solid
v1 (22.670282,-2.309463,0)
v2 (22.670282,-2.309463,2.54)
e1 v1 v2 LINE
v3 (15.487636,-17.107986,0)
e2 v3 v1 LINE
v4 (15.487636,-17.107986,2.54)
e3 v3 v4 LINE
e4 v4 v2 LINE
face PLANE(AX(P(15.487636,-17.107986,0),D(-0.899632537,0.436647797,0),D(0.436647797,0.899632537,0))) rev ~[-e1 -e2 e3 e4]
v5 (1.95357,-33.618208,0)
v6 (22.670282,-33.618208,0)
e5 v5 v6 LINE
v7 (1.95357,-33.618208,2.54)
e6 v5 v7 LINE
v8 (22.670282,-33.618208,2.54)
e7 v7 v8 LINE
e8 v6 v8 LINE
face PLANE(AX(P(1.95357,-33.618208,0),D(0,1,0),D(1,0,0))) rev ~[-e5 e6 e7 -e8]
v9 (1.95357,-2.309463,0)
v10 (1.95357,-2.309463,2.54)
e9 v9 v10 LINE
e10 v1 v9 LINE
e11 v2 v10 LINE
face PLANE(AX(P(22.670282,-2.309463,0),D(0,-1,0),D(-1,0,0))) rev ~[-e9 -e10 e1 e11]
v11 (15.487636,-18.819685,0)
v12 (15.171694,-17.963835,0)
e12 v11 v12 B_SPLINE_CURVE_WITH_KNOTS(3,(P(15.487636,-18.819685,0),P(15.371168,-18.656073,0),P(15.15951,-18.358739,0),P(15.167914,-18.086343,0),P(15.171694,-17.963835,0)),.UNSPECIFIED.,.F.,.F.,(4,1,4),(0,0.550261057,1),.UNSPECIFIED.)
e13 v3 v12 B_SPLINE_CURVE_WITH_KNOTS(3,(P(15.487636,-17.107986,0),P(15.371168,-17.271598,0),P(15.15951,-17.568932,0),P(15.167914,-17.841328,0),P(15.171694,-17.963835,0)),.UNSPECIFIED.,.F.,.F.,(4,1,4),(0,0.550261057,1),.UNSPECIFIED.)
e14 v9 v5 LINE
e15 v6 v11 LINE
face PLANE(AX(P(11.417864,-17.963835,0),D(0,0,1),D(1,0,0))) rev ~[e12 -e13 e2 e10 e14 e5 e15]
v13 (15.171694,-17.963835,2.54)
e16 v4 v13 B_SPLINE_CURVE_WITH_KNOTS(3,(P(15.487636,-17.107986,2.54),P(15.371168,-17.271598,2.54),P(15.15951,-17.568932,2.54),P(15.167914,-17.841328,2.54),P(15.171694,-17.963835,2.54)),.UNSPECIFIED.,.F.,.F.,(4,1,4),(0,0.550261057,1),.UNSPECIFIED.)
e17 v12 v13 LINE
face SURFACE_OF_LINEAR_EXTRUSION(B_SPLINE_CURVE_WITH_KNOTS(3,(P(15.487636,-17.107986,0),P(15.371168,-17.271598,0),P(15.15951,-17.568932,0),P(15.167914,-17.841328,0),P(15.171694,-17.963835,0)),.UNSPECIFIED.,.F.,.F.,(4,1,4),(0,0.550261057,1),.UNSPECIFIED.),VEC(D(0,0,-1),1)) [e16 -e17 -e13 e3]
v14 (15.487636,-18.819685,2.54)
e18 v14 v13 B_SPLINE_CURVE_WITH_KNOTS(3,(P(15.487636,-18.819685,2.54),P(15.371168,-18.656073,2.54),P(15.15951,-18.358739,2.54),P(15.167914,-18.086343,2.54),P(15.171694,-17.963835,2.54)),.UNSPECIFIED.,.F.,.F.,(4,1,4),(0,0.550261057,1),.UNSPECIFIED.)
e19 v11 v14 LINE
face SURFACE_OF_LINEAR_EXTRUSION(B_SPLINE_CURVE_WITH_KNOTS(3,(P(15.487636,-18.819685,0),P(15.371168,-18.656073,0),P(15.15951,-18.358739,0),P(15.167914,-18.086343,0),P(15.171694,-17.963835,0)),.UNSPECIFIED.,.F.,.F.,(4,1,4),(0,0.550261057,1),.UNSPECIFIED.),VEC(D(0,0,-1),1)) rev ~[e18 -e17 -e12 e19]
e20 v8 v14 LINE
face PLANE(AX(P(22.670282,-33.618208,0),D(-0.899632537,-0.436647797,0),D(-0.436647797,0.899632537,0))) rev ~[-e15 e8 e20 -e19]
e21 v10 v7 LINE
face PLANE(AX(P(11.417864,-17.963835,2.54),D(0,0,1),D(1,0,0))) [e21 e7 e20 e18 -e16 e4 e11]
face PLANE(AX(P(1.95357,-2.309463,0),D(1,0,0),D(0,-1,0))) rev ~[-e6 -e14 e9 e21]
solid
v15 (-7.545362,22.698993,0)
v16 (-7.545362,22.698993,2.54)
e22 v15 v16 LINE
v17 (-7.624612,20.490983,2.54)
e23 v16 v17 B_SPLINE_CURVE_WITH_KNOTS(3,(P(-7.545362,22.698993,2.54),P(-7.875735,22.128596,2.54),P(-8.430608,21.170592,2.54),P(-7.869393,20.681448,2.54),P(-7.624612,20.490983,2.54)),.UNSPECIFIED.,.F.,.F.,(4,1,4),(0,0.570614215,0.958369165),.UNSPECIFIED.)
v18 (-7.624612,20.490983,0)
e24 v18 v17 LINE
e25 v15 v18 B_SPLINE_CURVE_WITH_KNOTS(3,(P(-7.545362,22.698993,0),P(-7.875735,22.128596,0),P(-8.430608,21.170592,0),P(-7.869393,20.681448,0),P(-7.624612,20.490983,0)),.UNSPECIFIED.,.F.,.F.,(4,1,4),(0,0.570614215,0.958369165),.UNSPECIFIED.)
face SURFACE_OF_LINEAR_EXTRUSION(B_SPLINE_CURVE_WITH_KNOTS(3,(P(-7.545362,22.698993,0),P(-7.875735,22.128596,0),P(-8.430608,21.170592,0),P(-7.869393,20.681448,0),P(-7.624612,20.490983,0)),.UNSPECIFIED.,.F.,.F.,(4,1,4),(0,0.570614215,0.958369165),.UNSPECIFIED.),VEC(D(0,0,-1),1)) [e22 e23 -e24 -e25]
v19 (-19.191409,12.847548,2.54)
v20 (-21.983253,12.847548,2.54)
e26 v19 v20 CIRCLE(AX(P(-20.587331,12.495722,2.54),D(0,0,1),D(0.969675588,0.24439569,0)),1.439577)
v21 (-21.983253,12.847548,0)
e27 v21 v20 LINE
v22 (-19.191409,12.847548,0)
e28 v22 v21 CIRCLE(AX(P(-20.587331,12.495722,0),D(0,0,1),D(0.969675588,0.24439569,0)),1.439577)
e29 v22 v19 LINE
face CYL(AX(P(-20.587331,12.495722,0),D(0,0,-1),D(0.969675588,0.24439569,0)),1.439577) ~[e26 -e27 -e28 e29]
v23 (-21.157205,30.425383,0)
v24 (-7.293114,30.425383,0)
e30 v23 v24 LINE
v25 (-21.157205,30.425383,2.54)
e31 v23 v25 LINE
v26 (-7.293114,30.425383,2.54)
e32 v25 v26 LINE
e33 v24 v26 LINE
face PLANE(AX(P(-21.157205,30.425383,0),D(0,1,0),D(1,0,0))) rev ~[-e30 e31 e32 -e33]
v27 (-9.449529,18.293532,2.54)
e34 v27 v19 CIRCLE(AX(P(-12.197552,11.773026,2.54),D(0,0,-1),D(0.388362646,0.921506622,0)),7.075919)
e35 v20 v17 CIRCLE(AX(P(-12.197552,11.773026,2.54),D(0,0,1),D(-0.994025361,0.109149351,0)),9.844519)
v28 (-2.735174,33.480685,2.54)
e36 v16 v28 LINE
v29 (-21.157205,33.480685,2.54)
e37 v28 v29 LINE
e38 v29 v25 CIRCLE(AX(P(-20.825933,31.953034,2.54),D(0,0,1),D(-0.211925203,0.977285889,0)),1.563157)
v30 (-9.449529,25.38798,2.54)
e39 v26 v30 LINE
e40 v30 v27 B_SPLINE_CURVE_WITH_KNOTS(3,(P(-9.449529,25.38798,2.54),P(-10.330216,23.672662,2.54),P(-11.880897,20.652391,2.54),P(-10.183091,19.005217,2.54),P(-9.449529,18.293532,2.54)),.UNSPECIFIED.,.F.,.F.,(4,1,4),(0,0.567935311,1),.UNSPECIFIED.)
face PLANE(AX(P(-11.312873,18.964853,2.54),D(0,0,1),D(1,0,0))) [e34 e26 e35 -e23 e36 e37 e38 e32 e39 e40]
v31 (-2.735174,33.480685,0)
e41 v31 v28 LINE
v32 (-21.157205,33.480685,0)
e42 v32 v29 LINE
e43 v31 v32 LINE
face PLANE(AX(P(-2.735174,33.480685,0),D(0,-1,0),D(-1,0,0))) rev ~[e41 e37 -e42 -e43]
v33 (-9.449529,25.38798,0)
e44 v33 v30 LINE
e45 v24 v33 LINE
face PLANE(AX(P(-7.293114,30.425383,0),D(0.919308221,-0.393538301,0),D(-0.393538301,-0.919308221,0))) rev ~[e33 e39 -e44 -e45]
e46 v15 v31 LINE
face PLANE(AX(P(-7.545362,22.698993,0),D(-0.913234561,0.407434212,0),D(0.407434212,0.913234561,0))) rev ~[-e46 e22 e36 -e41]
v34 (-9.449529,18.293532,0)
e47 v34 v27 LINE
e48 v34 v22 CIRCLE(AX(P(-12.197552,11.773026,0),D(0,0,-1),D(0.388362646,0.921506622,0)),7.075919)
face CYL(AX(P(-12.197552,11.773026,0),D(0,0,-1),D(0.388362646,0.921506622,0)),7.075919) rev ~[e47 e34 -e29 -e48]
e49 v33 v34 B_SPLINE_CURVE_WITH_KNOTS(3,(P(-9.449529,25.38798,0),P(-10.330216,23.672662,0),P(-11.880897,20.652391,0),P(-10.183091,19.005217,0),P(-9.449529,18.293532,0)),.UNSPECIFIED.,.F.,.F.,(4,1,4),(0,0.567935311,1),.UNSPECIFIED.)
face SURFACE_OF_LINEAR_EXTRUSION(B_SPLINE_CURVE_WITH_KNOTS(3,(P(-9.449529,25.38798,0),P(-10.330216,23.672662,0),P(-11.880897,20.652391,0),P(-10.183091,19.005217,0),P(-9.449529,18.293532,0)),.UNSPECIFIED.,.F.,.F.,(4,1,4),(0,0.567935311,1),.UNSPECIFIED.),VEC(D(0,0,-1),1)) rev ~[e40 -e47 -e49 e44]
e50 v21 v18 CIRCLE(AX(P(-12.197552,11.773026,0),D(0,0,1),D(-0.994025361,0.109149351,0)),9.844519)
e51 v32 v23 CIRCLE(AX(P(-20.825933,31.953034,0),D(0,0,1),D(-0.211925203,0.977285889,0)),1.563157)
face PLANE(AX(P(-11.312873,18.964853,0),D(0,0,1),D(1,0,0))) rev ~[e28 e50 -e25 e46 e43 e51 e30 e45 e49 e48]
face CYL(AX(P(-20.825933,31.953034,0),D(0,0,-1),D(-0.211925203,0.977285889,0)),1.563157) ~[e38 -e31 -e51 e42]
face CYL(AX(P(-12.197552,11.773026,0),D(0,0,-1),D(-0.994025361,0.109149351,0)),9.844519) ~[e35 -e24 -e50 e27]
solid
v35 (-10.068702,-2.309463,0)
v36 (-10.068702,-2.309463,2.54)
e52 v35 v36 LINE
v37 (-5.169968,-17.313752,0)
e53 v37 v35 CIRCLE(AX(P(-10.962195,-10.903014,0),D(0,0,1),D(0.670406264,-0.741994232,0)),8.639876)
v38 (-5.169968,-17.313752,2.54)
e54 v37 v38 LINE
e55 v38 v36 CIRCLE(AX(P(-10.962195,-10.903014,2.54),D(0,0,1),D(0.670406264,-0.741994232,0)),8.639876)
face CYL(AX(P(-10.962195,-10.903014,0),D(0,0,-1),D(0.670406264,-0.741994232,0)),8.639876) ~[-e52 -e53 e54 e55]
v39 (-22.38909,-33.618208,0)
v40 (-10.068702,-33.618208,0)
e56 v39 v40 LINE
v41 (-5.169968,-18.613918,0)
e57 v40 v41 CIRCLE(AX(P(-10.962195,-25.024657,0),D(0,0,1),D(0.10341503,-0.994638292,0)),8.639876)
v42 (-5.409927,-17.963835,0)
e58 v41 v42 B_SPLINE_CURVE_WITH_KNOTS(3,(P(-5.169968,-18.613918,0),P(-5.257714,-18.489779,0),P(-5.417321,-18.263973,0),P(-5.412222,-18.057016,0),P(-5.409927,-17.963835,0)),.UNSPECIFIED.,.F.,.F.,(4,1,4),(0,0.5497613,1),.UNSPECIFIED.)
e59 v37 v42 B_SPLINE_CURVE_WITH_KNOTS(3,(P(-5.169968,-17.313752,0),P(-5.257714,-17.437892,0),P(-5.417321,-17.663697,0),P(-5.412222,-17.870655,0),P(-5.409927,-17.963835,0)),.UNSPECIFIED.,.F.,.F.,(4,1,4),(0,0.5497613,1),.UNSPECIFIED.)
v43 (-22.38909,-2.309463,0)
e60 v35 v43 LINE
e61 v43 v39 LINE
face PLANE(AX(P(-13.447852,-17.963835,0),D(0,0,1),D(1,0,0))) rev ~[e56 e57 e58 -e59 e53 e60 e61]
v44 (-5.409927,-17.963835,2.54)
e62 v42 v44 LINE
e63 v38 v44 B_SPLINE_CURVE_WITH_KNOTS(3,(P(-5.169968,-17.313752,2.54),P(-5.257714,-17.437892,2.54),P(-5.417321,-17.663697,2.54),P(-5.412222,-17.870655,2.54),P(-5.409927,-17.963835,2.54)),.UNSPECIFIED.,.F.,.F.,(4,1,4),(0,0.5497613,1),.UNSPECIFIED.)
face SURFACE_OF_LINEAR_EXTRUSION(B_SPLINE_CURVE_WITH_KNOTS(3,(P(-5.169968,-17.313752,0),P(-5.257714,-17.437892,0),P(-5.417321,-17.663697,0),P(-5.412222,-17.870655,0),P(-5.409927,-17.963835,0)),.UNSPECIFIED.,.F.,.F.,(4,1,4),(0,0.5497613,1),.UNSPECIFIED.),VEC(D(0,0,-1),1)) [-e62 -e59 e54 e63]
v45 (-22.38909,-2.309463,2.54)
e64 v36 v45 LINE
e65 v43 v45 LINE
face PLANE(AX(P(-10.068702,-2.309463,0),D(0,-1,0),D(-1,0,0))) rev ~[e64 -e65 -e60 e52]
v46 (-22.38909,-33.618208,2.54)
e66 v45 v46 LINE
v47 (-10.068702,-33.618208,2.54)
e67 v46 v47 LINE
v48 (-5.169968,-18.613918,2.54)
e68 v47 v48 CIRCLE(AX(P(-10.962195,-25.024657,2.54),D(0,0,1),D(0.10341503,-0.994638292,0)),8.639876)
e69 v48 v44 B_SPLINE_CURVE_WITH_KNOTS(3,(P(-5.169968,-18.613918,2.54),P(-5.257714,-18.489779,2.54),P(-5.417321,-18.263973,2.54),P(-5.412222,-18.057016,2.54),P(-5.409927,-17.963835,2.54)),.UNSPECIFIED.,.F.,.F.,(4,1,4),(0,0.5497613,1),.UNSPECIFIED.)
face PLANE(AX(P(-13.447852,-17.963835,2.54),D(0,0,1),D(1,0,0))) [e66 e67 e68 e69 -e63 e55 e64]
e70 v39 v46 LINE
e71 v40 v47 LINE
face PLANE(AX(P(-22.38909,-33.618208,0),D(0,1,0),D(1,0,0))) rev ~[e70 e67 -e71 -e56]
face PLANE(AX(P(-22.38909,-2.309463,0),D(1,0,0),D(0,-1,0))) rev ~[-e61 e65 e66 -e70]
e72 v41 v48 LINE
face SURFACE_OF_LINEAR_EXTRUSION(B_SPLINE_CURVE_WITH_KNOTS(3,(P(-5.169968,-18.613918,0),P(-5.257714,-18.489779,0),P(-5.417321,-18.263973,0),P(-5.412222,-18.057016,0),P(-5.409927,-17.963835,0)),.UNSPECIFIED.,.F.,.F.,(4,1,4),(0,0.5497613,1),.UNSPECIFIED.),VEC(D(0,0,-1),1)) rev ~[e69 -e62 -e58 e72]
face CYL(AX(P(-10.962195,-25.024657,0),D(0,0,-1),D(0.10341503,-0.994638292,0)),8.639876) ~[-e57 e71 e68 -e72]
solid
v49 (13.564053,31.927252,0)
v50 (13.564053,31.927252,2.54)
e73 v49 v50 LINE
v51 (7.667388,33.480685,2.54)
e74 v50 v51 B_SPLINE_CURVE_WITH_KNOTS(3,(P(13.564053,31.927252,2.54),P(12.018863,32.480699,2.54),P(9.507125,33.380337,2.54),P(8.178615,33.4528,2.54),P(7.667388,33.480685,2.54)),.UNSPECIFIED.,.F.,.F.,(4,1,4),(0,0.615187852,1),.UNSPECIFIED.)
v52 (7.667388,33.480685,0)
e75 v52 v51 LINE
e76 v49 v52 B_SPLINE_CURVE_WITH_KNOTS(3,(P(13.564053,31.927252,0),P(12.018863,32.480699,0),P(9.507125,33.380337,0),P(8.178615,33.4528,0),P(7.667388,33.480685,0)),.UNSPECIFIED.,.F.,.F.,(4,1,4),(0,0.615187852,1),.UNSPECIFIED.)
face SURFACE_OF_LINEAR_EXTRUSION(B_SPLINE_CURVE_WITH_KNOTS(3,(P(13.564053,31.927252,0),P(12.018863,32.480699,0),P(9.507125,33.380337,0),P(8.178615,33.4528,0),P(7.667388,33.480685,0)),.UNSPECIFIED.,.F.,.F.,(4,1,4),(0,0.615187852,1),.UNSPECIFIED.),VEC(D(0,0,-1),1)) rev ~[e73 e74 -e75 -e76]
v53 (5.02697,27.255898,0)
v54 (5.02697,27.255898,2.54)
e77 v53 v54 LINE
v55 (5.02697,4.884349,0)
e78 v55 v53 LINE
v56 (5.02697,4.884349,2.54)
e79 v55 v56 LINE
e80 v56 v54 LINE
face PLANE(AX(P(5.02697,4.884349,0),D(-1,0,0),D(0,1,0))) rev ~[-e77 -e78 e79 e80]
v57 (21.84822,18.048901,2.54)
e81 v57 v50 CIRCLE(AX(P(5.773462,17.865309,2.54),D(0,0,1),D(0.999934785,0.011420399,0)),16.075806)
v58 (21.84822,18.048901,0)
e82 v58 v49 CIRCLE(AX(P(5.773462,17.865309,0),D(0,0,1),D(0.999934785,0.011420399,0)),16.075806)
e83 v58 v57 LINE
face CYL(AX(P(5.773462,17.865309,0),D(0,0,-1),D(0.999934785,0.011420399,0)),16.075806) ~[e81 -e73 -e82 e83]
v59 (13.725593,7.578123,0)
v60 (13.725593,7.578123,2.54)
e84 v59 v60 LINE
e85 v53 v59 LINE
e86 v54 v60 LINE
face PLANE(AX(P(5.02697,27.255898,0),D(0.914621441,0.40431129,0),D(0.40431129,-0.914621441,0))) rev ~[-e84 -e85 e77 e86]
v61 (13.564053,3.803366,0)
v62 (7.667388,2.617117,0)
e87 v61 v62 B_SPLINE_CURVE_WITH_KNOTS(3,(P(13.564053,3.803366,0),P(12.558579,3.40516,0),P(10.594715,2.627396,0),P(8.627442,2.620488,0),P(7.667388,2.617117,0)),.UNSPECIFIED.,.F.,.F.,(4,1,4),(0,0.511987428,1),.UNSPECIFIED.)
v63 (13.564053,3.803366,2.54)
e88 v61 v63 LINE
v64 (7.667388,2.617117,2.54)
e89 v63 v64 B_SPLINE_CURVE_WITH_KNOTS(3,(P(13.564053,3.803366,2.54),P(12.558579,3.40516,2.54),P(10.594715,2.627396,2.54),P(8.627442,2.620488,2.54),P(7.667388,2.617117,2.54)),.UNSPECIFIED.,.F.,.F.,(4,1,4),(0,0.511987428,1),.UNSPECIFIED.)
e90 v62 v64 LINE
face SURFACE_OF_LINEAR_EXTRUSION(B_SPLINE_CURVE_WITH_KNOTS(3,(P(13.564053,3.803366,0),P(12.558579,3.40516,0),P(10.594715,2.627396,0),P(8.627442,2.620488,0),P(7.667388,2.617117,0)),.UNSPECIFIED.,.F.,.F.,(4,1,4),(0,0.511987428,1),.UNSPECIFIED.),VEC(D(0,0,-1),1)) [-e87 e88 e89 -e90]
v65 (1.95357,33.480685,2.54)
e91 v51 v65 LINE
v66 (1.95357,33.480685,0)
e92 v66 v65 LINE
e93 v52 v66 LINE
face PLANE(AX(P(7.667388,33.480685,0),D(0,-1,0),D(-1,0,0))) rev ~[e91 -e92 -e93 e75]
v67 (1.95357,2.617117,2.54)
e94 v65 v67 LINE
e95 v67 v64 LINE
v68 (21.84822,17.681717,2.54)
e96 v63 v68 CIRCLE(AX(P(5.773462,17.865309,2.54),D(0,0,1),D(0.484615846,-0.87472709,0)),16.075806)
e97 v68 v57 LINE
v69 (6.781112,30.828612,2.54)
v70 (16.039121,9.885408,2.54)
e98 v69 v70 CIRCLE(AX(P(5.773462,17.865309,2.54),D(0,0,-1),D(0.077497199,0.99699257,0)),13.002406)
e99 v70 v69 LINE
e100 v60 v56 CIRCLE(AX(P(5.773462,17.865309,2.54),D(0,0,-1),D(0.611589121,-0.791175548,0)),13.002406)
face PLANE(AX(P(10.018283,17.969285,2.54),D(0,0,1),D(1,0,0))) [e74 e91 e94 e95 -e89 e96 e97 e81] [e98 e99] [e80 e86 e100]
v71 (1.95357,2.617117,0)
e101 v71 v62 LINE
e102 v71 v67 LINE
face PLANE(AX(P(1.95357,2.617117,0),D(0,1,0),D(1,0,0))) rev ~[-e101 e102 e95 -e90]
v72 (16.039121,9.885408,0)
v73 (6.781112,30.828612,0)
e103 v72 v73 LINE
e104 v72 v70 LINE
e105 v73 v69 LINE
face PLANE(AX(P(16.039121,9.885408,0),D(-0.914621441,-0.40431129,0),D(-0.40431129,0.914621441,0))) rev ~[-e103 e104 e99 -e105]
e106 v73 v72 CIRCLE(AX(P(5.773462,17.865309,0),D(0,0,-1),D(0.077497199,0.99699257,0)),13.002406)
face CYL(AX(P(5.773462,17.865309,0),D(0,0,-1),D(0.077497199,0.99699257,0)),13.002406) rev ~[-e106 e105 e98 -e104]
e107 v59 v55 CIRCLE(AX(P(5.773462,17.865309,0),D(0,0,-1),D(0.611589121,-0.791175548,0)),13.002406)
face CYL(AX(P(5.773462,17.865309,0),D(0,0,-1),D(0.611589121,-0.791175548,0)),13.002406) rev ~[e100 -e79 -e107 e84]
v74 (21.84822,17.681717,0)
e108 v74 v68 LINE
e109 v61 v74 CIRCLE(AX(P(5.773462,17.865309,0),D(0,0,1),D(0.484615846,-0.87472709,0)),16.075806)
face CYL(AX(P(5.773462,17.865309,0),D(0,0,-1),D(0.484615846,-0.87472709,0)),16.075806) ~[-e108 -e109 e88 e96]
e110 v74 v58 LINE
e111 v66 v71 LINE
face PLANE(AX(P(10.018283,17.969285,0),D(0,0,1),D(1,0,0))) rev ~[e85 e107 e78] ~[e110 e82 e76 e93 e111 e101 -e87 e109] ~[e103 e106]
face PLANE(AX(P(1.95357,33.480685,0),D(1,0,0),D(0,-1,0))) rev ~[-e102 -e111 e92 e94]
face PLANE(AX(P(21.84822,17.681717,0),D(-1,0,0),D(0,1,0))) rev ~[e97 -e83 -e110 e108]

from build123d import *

# Parameters (mm, degrees)
F1_DEPTH = 2.54


with BuildPart() as f1:
    # F0 (on Top) → F1 (new body)
    with BuildSketch(Plane.XY):
        with BuildLine():
            Line((-7.5453622267, 22.6989928633), (-2.7351737954, 33.4806852043))
            Line((-2.7351737954, 33.4806852043), (-21.1572051048, 33.4806852043))
            ThreePointArc((-21.1572051048, 33.4806852043), (-22.3890896886, 31.9530339911), (-21.1572051048, 30.425382778))
            Line((-21.1572051048, 30.425382778), (-7.2931135073, 30.425382778))
            Line((-7.2931135073, 30.425382778), (-9.4495294616, 25.3879800439))
            add(Edge.make_bspline(
                [(-9.4495294616, 25.3879800439), (-10.3302159731, 23.6726618568), (-11.8808970013, 20.6523914937), (-10.1830913379, 19.0052173822), (-9.4495294616, 18.2935316116)],
                knots=[0, 0, 0, 0, 0.5679353107, 1, 1, 1, 1], degree=3))
            ThreePointArc((-9.4495294616, 18.2935316116), (-8.744805336, 5.5966861339), (-19.1914085299, 12.8475483507))
            ThreePointArc((-19.1914085299, 12.8475483507), (-20.5873309935, 13.9352987723), (-21.9832534571, 12.8475483507))
            ThreePointArc((-21.9832534571, 12.8475483507), (-7.5716745464, 3.0830422585), (-7.6246123494, 20.4909825018))
            add(Edge.make_bspline(
                [(-7.5453622267, 22.6989928633), (-7.8757345138, 22.1285959519), (-8.4306078493, 21.1705917574), (-7.8693930702, 20.681447967), (-7.6246123494, 20.4909825018)],
                knots=[0, 0, 0, 0, 0.5706142153, 0.9583691649, 0.9583691649, 0.9583691649, 0.9583691649], degree=3))
        make_face()
    extrude(amount=F1_DEPTH)


with BuildPart() as f1b:
    # F0 (on Top) → F1, piece 2 (new body)
    with BuildSketch(Plane.XY):
        with BuildLine():
            Line((7.6673883013, 33.4806852043), (1.9535701722, 33.4806852043))
            Line((1.9535701722, 33.4806852043), (1.9535701722, 2.6171170175))
            Line((1.9535701722, 2.6171170175), (7.6673883013, 2.6171170175))
            add(Edge.make_bspline(
                [(13.5640528841, 3.8033656441), (12.5585792201, 3.4051600509), (10.5947152477, 2.6273956539), (8.6274422547, 2.6204880265), (7.6673883013, 2.6171170175)],
                knots=[0, 0, 0, 0, 0.5119874279, 1, 1, 1, 1], degree=3))
            ThreePointArc((13.5640528841, 3.8033656441), (19.5771167094, 9.6257290209), (21.8482203782, 17.6817168551))
            Line((21.8482203782, 17.6817168551), (21.8482203782, 18.0489011109))
            ThreePointArc((21.8482203782, 18.0489011109), (19.5771167094, 26.1048889451), (13.5640528841, 31.9272523219))
            add(Edge.make_bspline(
                [(13.5640528841, 31.9272523219), (12.0188625137, 32.4806988664), (9.5071250594, 33.3803371514), (8.1786150797, 33.4528004476), (7.6673883013, 33.4806852043)],
                knots=[0, 0, 0, 0, 0.6151878524, 1, 1, 1, 1], degree=3))
        make_face()
        with BuildLine():
            ThreePointArc((13.7255926495, 7.5781230036), (9.6198125415, 5.4448354943), (5.0269701927, 4.8843490524))
            Line((5.0269701927, 4.8843490524), (5.0269701927, 27.2558980547))
            Line((5.0269701927, 27.2558980547), (13.7255926495, 7.5781230036))
        make_face(mode=Mode.SUBTRACT)
        with BuildLine():
            ThreePointArc((6.7811124511, 30.8286115181), (17.6657420253, 23.1223286699), (16.0391214303, 9.8854082672))
            Line((16.0391214303, 9.8854082672), (6.7811124511, 30.8286115181))
        make_face(mode=Mode.SUBTRACT)
    extrude(amount=F1_DEPTH)


with BuildPart() as f1c:
    # F0 (on Top) → F1, piece 3 (new body)
    with BuildSketch(Plane.XY):
        with BuildLine():
            Line((1.9535701722, -33.6182080209), (21.8482203782, -33.6182080209))
            Line((21.8482203782, -33.6182080209), (22.670282051, -33.6182080209))
            Line((22.670282051, -33.6182080209), (15.4876355082, -18.8196848612))
            add(Edge.make_bspline(
                [(15.4876355082, -18.8196848612), (15.371168109, -18.6560732739), (15.159509665, -18.3587387901), (15.1679139181, -18.0863425739), (15.171693638, -17.9638353875)],
                knots=[0, 0, 0, 0, 0.550261057, 1, 1, 1, 1], degree=3))
            add(Edge.make_bspline(
                [(15.4876355082, -17.1079859138), (15.371168109, -17.2715975011), (15.159509665, -17.5689319849), (15.1679139181, -17.8413282011), (15.171693638, -17.9638353875)],
                knots=[0, 0, 0, 0, 0.550261057, 1, 1, 1, 1], degree=3))
            Line((15.4876355082, -17.1079859138), (22.670282051, -2.3094627541))
            Line((22.670282051, -2.3094627541), (1.9535701722, -2.3094627541))
            Line((1.9535701722, -2.3094627541), (1.9535701722, -33.6182080209))
        make_face()
    extrude(amount=F1_DEPTH)


with BuildPart() as f1d:
    # F0 (on Top) → F1, piece 4 (new body)
    with BuildSketch(Plane.XY):
        with BuildLine():
            Line((-22.3890896886, -2.3094627541), (-22.3890896886, -33.6182080209))
            Line((-22.3890896886, -33.6182080209), (-10.0687015802, -33.6182080209))
            ThreePointArc((-10.0687015802, -33.6182080209), (-2.7489802993, -27.706179837), (-5.1699676551, -18.6139184516))
            add(Edge.make_bspline(
                [(-5.1699676551, -18.6139184516), (-5.2577137292, -18.4897791328), (-5.4173213156, -18.2639732804), (-5.4122223799, -18.0570156997), (-5.4099266417, -17.9638353875)],
                knots=[0, 0, 0, 0, 0.5497612996, 1, 1, 1, 1], degree=3))
            add(Edge.make_bspline(
                [(-5.1699676551, -17.3137523234), (-5.2577137292, -17.4378916422), (-5.4173213156, -17.6636974946), (-5.4122223799, -17.8706550753), (-5.4099266417, -17.9638353875)],
                knots=[0, 0, 0, 0, 0.5497612996, 1, 1, 1, 1], degree=3))
            ThreePointArc((-5.1699676551, -17.3137523234), (-2.7489802993, -8.221490938), (-10.0687015802, -2.3094627541))
            Line((-10.0687015802, -2.3094627541), (-22.3890896886, -2.3094627541))
        make_face()
    extrude(amount=F1_DEPTH)


solid = Compound([f1.part, f1b.part, f1c.part, f1d.part])
